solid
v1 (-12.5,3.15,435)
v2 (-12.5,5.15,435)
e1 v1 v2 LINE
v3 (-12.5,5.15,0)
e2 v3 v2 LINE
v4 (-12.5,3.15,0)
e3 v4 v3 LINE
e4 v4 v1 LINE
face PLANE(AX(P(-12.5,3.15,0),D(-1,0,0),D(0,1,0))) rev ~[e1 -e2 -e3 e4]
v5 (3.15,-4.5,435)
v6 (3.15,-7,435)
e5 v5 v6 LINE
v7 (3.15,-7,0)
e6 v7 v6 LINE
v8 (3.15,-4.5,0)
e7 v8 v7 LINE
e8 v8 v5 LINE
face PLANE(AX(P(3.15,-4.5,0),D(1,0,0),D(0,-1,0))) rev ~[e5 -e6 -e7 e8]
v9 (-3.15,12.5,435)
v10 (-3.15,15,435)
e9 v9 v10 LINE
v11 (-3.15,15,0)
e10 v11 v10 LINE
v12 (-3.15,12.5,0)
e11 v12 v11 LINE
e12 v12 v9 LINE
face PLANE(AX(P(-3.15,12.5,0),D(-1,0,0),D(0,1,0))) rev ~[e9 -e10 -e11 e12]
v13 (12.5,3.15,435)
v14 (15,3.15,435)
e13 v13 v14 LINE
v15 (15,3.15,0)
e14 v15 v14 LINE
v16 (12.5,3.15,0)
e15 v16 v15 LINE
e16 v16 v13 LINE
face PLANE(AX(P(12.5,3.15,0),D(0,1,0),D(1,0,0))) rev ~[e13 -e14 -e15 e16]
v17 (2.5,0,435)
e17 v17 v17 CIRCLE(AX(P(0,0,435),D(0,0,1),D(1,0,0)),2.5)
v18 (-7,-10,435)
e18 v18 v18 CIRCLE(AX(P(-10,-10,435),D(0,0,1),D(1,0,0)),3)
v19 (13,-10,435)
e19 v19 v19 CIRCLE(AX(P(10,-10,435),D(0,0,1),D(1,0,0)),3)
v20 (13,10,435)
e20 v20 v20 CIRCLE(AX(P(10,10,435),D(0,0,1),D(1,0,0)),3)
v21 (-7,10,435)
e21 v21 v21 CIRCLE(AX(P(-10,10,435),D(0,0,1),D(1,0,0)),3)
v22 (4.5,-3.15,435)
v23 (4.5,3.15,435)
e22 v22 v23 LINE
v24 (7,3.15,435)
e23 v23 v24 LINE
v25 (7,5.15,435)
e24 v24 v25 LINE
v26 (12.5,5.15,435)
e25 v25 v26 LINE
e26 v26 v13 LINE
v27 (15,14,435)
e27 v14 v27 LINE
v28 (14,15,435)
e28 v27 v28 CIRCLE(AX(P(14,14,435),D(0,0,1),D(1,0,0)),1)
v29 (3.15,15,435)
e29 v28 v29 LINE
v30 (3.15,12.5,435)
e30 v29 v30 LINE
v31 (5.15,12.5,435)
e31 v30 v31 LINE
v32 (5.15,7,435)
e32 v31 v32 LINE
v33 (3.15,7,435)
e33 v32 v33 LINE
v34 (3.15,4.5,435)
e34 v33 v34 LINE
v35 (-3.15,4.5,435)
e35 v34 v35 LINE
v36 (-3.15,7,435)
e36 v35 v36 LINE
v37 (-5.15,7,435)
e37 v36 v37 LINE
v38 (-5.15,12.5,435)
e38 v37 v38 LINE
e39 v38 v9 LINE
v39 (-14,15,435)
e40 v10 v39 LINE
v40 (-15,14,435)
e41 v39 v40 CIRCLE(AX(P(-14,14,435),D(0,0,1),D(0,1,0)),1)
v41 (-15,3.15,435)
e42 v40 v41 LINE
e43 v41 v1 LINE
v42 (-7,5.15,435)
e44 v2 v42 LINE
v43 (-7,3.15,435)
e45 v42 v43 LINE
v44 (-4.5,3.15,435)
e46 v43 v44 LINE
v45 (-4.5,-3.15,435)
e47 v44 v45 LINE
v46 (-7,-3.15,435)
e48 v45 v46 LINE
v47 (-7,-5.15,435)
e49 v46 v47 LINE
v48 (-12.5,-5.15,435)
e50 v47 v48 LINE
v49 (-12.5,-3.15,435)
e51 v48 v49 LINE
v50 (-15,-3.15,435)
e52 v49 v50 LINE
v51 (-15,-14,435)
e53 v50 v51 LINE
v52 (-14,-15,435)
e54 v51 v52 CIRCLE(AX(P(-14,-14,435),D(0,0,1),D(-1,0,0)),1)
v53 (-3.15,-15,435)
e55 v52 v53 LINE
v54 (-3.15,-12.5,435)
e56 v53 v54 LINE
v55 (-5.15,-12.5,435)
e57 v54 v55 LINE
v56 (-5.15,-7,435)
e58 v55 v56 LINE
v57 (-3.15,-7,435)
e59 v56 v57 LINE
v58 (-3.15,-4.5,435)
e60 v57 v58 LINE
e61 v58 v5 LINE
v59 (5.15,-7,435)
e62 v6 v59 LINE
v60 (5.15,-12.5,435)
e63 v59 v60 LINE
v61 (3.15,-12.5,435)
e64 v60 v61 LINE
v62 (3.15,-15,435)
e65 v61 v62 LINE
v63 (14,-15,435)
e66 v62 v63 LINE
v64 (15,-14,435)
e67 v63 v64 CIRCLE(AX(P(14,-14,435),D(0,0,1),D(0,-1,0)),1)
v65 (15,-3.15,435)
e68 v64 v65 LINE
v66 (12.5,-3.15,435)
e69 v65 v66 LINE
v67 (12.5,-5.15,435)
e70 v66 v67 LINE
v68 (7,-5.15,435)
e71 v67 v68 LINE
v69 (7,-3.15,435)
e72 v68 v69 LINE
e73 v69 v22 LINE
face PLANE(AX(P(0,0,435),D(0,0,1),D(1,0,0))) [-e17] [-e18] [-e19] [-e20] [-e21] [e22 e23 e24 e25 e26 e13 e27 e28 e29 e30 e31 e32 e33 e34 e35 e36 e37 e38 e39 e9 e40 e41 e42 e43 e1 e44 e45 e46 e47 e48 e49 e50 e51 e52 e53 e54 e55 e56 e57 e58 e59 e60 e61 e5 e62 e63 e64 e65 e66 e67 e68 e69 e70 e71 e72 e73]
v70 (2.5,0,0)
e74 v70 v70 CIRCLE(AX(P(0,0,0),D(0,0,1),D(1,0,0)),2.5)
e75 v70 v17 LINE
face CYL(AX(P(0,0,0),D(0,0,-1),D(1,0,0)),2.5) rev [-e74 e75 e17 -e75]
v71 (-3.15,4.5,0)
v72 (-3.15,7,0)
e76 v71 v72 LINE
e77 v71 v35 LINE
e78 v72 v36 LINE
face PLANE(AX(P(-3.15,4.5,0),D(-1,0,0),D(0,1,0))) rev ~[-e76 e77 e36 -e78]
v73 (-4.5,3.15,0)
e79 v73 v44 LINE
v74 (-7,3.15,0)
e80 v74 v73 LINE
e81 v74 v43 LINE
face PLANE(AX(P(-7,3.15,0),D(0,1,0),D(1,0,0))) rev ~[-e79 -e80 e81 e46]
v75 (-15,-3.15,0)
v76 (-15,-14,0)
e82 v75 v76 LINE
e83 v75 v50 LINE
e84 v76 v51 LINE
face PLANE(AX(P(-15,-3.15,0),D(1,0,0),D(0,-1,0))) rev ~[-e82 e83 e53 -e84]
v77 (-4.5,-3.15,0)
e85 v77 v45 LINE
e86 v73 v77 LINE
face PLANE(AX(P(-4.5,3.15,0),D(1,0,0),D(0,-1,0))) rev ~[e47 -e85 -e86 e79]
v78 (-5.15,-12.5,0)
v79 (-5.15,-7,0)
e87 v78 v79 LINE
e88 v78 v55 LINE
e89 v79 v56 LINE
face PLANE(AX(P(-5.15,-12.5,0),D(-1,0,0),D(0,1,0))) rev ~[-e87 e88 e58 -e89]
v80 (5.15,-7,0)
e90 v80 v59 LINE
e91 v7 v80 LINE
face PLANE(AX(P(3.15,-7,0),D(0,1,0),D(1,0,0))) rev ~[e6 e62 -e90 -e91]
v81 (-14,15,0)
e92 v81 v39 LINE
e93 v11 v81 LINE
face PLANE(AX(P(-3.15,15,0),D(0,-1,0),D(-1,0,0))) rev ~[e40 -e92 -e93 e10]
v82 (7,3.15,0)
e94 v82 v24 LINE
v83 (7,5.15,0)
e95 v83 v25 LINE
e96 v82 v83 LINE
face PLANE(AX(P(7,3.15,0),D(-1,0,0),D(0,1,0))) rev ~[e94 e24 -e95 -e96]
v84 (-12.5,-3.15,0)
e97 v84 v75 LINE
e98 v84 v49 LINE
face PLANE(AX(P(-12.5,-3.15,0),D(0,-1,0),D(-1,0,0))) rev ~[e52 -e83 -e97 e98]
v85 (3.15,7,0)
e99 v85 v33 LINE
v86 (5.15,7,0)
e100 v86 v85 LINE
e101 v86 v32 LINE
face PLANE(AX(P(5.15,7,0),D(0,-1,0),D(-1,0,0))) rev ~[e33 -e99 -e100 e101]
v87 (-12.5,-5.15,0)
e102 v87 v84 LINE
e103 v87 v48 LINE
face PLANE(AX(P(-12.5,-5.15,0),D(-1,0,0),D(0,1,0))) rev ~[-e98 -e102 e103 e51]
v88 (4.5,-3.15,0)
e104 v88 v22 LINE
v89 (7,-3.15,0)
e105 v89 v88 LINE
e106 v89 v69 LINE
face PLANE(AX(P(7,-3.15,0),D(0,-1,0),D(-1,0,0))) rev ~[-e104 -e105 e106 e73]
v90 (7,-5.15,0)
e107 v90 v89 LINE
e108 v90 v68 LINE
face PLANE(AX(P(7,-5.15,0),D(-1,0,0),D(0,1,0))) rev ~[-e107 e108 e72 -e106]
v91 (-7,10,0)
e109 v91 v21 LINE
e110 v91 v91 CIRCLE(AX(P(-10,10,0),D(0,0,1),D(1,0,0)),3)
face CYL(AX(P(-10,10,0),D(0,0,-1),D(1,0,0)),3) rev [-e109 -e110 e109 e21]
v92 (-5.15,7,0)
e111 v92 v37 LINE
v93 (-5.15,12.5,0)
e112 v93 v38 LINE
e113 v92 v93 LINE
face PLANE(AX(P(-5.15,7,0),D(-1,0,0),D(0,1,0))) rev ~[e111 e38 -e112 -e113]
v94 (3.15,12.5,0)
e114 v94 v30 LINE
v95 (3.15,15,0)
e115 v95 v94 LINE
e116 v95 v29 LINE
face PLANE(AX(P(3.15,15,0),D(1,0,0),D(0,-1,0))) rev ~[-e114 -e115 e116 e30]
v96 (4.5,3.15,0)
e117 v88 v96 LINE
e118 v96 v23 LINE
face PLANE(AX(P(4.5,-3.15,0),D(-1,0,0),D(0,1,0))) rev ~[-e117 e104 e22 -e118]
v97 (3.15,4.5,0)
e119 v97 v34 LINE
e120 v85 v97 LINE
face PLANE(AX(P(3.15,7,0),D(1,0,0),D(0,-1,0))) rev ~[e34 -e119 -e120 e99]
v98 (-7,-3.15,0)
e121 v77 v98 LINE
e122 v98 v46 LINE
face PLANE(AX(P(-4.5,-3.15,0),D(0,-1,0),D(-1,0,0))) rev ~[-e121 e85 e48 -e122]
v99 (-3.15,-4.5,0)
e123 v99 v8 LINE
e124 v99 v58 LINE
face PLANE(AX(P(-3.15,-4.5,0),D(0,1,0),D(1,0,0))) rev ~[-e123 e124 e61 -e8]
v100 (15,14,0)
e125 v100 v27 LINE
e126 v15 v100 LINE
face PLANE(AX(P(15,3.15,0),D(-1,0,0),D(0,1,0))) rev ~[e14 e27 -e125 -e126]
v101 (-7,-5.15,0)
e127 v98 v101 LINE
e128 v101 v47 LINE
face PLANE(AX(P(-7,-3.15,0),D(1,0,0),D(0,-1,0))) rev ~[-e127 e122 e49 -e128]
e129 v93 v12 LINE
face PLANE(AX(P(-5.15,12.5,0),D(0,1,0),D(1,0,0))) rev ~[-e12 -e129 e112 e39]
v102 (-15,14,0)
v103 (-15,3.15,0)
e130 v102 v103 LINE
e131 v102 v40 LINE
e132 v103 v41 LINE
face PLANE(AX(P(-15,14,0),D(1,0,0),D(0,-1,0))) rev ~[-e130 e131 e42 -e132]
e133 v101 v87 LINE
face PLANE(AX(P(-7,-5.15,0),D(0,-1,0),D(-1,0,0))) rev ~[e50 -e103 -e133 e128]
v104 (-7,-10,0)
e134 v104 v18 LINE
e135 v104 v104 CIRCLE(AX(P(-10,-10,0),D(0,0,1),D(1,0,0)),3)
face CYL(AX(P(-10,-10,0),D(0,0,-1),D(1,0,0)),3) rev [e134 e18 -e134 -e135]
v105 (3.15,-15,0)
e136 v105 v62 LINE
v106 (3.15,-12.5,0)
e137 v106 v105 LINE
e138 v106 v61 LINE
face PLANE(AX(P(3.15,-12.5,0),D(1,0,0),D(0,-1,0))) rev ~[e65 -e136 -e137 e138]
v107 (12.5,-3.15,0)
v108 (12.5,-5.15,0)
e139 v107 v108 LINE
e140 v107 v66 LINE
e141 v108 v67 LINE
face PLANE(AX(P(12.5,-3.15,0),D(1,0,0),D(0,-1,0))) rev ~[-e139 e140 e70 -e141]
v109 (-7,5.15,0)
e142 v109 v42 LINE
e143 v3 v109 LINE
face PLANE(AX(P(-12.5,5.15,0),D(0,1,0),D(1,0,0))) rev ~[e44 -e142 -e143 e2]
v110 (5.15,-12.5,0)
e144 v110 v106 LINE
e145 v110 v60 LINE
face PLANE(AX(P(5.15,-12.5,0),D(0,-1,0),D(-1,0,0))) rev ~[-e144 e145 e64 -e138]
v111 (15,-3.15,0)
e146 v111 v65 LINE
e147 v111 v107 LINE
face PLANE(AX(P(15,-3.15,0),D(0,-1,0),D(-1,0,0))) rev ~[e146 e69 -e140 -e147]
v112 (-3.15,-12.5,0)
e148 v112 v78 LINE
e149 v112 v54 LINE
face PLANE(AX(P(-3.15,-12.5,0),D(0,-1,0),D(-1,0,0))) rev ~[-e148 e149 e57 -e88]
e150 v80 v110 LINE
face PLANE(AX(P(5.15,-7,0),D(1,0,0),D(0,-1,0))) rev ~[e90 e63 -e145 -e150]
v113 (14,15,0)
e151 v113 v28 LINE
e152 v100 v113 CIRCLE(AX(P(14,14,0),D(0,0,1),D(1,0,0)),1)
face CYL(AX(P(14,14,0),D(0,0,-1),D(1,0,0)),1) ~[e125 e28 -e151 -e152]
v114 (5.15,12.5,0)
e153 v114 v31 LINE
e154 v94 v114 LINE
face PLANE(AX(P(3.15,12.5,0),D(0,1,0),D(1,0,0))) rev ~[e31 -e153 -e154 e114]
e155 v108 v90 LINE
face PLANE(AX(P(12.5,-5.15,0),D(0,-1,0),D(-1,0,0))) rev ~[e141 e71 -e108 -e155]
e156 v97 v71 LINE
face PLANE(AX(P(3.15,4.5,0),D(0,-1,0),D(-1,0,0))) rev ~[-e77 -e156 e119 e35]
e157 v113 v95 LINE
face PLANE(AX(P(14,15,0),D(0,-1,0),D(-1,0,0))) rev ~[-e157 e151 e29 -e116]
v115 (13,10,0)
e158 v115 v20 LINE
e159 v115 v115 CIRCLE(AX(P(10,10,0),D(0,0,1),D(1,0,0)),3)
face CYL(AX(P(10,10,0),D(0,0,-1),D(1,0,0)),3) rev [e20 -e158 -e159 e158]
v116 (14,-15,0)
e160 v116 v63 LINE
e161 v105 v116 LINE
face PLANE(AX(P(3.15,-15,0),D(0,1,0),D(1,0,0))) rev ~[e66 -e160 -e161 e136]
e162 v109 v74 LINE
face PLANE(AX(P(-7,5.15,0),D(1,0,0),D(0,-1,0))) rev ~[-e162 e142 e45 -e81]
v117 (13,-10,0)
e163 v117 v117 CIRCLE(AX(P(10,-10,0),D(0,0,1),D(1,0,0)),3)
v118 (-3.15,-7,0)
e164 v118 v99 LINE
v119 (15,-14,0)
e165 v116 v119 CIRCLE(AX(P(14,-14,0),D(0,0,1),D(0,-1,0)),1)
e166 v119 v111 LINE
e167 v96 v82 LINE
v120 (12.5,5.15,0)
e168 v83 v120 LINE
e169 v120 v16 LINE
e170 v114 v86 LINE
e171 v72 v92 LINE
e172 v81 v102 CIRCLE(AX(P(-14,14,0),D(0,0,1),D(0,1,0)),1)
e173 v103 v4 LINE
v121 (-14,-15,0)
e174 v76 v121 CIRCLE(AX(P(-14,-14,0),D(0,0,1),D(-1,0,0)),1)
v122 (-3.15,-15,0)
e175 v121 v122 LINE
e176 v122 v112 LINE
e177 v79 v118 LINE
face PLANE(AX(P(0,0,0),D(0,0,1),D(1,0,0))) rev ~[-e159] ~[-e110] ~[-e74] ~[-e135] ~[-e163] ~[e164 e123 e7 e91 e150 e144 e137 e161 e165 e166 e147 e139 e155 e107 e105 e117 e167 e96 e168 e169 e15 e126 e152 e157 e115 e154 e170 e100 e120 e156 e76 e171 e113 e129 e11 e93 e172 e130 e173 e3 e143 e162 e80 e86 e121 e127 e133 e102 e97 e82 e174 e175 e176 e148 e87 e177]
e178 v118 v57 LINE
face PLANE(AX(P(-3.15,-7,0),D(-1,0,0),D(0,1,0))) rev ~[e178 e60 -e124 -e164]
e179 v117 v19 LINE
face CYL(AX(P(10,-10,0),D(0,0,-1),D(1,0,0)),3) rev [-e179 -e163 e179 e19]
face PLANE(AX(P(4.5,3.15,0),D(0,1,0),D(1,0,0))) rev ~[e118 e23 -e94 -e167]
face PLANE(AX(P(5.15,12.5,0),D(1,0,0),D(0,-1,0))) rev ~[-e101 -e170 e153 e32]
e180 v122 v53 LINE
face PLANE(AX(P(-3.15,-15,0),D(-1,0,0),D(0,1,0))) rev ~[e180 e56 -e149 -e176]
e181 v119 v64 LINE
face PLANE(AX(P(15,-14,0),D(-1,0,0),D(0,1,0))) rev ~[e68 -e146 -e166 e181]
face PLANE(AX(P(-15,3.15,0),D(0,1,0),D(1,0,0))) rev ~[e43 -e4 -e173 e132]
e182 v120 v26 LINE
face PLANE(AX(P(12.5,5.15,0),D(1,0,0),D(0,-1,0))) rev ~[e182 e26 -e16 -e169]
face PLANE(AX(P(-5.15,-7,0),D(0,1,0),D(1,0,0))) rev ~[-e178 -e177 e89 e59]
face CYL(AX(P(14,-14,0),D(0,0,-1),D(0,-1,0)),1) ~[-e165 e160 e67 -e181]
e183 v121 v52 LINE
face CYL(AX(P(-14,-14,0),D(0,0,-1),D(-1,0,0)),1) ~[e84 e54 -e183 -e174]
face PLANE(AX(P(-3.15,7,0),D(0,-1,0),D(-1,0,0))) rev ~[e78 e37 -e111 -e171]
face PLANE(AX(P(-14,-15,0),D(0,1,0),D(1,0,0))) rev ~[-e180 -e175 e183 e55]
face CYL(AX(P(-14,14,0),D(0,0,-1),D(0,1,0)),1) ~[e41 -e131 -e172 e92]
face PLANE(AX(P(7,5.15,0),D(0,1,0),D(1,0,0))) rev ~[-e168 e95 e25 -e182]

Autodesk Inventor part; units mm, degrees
ref_plane "YZ Plane" through (0, 0, 0) normal (1, 0, 0) x (0, 1, 0)
ref_plane "XZ Plane" through (0, 0, 0) normal (0, 1, 0) x (-1, 0, 0)
ref_plane "XY Plane" through (0, 0, 0) normal (0, 0, 1) x (1, 0, 0)
feature "ソリッド1" [suppressed]
sketch "スケッチ2" plane through (0, 0, 0) normal (0, 0, 1) x (1, 0, 0)
  line L0 (-12.5, 5.15) -> (-7, 5.15) projected
  line L1 (-7, 5.15) -> (-7, 3.15) projected
  line L2 (-7, 3.15) -> (-4.5, 3.15) projected
  line L3 (-4.5, 3.15) -> (-4.5, -3.15) projected
  line L4 (-4.5, -3.15) -> (-7, -3.15) projected
  line L5 (-7, -3.15) -> (-7, -5.15) projected
  line L6 (-7, -5.15) -> (-12.5, -5.15) projected
  line L7 (-12.5, -5.15) -> (-12.5, -3.15) projected
  line L8 (-12.5, -3.15) -> (-15, -3.15) projected
  line L9 (-15, -3.15) -> (-15, -14) projected
  arc A0 (-15, -14) -> (-14, -15) centre (-14, -14) ccw projected
  line L10 (-14, -15) -> (-3.15, -15) projected
  line L11 (-3.15, -15) -> (-3.15, -12.5) projected
  line L12 (-3.15, -12.5) -> (-5.15, -12.5) projected
  line L13 (-5.15, -12.5) -> (-5.15, -7) projected
  line L14 (-5.15, -7) -> (-3.15, -7) projected
  line L15 (-3.15, -7) -> (-3.15, -4.5) projected
  line L16 (-3.15, -4.5) -> (3.15, -4.5) projected
  line L17 (3.15, -4.5) -> (3.15, -7) projected
  line L18 (3.15, -7) -> (5.15, -7) projected
  line L19 (5.15, -7) -> (5.15, -12.5) projected
  line L20 (5.15, -12.5) -> (3.15, -12.5) projected
  line L21 (3.15, -12.5) -> (3.15, -15) projected
  line L22 (3.15, -15) -> (14, -15) projected
  arc A1 (14, -15) -> (15, -14) centre (14, -14) ccw projected
  line L23 (15, -14) -> (15, -3.15) projected
  line L24 (15, -3.15) -> (12.5, -3.15) projected
  line L25 (12.5, -3.15) -> (12.5, -5.15) projected
  line L26 (12.5, -5.15) -> (7, -5.15) projected
  line L27 (7, -5.15) -> (7, -3.15) projected
  line L28 (7, -3.15) -> (4.5, -3.15) projected
  line L29 (4.5, -3.15) -> (4.5, 3.15) projected
  line L30 (4.5, 3.15) -> (7, 3.15) projected
  line L31 (7, 3.15) -> (7, 5.15) projected
  line L32 (7, 5.15) -> (12.5, 5.15) projected
  line L33 (12.5, 5.15) -> (12.5, 3.15) projected
  line L34 (12.5, 3.15) -> (15, 3.15) projected
  line L35 (15, 3.15) -> (15, 14) projected
  arc A2 (15, 14) -> (14, 15) centre (14, 14) ccw projected
  line L36 (14, 15) -> (3.15, 15) projected
  line L37 (3.15, 15) -> (3.15, 12.5) projected
  line L38 (3.15, 12.5) -> (5.15, 12.5) projected
  line L39 (5.15, 12.5) -> (5.15, 7) projected
  line L40 (5.15, 7) -> (3.15, 7) projected
  line L41 (3.15, 7) -> (3.15, 4.5) projected
  line L42 (3.15, 4.5) -> (-3.15, 4.5) projected
  line L43 (-3.15, 4.5) -> (-3.15, 7) projected
  line L44 (-3.15, 7) -> (-5.15, 7) projected
  line L45 (-5.15, 7) -> (-5.15, 12.5) projected
  line L46 (-5.15, 12.5) -> (-3.15, 12.5) projected
  line L47 (-3.15, 12.5) -> (-3.15, 15) projected
  line L48 (-3.15, 15) -> (-14, 15) projected
  arc A3 (-14, 15) -> (-15, 14) centre (-14, 14) ccw projected
  line L49 (-15, 14) -> (-15, 3.15) projected
  line L50 (-15, 3.15) -> (-12.5, 3.15) projected
  line L51 (-12.5, 3.15) -> (-12.5, 5.15) projected
  circle A4 centre (10, 10) radius 3 projected
  circle A5 centre (-10, 10) radius 3 projected
  circle A6 centre (-10, -10) radius 3 projected
  circle A7 centre (10, -10) radius 3 projected
  circle A8 centre (0, 0) radius 2.5 projected
extrude "押し出し1" add sketch "スケッチ2" along normal blind 435
equation "\"d1\" = L"
equation "\"L\" = 435"
properties part number "AFS-3030-75"
